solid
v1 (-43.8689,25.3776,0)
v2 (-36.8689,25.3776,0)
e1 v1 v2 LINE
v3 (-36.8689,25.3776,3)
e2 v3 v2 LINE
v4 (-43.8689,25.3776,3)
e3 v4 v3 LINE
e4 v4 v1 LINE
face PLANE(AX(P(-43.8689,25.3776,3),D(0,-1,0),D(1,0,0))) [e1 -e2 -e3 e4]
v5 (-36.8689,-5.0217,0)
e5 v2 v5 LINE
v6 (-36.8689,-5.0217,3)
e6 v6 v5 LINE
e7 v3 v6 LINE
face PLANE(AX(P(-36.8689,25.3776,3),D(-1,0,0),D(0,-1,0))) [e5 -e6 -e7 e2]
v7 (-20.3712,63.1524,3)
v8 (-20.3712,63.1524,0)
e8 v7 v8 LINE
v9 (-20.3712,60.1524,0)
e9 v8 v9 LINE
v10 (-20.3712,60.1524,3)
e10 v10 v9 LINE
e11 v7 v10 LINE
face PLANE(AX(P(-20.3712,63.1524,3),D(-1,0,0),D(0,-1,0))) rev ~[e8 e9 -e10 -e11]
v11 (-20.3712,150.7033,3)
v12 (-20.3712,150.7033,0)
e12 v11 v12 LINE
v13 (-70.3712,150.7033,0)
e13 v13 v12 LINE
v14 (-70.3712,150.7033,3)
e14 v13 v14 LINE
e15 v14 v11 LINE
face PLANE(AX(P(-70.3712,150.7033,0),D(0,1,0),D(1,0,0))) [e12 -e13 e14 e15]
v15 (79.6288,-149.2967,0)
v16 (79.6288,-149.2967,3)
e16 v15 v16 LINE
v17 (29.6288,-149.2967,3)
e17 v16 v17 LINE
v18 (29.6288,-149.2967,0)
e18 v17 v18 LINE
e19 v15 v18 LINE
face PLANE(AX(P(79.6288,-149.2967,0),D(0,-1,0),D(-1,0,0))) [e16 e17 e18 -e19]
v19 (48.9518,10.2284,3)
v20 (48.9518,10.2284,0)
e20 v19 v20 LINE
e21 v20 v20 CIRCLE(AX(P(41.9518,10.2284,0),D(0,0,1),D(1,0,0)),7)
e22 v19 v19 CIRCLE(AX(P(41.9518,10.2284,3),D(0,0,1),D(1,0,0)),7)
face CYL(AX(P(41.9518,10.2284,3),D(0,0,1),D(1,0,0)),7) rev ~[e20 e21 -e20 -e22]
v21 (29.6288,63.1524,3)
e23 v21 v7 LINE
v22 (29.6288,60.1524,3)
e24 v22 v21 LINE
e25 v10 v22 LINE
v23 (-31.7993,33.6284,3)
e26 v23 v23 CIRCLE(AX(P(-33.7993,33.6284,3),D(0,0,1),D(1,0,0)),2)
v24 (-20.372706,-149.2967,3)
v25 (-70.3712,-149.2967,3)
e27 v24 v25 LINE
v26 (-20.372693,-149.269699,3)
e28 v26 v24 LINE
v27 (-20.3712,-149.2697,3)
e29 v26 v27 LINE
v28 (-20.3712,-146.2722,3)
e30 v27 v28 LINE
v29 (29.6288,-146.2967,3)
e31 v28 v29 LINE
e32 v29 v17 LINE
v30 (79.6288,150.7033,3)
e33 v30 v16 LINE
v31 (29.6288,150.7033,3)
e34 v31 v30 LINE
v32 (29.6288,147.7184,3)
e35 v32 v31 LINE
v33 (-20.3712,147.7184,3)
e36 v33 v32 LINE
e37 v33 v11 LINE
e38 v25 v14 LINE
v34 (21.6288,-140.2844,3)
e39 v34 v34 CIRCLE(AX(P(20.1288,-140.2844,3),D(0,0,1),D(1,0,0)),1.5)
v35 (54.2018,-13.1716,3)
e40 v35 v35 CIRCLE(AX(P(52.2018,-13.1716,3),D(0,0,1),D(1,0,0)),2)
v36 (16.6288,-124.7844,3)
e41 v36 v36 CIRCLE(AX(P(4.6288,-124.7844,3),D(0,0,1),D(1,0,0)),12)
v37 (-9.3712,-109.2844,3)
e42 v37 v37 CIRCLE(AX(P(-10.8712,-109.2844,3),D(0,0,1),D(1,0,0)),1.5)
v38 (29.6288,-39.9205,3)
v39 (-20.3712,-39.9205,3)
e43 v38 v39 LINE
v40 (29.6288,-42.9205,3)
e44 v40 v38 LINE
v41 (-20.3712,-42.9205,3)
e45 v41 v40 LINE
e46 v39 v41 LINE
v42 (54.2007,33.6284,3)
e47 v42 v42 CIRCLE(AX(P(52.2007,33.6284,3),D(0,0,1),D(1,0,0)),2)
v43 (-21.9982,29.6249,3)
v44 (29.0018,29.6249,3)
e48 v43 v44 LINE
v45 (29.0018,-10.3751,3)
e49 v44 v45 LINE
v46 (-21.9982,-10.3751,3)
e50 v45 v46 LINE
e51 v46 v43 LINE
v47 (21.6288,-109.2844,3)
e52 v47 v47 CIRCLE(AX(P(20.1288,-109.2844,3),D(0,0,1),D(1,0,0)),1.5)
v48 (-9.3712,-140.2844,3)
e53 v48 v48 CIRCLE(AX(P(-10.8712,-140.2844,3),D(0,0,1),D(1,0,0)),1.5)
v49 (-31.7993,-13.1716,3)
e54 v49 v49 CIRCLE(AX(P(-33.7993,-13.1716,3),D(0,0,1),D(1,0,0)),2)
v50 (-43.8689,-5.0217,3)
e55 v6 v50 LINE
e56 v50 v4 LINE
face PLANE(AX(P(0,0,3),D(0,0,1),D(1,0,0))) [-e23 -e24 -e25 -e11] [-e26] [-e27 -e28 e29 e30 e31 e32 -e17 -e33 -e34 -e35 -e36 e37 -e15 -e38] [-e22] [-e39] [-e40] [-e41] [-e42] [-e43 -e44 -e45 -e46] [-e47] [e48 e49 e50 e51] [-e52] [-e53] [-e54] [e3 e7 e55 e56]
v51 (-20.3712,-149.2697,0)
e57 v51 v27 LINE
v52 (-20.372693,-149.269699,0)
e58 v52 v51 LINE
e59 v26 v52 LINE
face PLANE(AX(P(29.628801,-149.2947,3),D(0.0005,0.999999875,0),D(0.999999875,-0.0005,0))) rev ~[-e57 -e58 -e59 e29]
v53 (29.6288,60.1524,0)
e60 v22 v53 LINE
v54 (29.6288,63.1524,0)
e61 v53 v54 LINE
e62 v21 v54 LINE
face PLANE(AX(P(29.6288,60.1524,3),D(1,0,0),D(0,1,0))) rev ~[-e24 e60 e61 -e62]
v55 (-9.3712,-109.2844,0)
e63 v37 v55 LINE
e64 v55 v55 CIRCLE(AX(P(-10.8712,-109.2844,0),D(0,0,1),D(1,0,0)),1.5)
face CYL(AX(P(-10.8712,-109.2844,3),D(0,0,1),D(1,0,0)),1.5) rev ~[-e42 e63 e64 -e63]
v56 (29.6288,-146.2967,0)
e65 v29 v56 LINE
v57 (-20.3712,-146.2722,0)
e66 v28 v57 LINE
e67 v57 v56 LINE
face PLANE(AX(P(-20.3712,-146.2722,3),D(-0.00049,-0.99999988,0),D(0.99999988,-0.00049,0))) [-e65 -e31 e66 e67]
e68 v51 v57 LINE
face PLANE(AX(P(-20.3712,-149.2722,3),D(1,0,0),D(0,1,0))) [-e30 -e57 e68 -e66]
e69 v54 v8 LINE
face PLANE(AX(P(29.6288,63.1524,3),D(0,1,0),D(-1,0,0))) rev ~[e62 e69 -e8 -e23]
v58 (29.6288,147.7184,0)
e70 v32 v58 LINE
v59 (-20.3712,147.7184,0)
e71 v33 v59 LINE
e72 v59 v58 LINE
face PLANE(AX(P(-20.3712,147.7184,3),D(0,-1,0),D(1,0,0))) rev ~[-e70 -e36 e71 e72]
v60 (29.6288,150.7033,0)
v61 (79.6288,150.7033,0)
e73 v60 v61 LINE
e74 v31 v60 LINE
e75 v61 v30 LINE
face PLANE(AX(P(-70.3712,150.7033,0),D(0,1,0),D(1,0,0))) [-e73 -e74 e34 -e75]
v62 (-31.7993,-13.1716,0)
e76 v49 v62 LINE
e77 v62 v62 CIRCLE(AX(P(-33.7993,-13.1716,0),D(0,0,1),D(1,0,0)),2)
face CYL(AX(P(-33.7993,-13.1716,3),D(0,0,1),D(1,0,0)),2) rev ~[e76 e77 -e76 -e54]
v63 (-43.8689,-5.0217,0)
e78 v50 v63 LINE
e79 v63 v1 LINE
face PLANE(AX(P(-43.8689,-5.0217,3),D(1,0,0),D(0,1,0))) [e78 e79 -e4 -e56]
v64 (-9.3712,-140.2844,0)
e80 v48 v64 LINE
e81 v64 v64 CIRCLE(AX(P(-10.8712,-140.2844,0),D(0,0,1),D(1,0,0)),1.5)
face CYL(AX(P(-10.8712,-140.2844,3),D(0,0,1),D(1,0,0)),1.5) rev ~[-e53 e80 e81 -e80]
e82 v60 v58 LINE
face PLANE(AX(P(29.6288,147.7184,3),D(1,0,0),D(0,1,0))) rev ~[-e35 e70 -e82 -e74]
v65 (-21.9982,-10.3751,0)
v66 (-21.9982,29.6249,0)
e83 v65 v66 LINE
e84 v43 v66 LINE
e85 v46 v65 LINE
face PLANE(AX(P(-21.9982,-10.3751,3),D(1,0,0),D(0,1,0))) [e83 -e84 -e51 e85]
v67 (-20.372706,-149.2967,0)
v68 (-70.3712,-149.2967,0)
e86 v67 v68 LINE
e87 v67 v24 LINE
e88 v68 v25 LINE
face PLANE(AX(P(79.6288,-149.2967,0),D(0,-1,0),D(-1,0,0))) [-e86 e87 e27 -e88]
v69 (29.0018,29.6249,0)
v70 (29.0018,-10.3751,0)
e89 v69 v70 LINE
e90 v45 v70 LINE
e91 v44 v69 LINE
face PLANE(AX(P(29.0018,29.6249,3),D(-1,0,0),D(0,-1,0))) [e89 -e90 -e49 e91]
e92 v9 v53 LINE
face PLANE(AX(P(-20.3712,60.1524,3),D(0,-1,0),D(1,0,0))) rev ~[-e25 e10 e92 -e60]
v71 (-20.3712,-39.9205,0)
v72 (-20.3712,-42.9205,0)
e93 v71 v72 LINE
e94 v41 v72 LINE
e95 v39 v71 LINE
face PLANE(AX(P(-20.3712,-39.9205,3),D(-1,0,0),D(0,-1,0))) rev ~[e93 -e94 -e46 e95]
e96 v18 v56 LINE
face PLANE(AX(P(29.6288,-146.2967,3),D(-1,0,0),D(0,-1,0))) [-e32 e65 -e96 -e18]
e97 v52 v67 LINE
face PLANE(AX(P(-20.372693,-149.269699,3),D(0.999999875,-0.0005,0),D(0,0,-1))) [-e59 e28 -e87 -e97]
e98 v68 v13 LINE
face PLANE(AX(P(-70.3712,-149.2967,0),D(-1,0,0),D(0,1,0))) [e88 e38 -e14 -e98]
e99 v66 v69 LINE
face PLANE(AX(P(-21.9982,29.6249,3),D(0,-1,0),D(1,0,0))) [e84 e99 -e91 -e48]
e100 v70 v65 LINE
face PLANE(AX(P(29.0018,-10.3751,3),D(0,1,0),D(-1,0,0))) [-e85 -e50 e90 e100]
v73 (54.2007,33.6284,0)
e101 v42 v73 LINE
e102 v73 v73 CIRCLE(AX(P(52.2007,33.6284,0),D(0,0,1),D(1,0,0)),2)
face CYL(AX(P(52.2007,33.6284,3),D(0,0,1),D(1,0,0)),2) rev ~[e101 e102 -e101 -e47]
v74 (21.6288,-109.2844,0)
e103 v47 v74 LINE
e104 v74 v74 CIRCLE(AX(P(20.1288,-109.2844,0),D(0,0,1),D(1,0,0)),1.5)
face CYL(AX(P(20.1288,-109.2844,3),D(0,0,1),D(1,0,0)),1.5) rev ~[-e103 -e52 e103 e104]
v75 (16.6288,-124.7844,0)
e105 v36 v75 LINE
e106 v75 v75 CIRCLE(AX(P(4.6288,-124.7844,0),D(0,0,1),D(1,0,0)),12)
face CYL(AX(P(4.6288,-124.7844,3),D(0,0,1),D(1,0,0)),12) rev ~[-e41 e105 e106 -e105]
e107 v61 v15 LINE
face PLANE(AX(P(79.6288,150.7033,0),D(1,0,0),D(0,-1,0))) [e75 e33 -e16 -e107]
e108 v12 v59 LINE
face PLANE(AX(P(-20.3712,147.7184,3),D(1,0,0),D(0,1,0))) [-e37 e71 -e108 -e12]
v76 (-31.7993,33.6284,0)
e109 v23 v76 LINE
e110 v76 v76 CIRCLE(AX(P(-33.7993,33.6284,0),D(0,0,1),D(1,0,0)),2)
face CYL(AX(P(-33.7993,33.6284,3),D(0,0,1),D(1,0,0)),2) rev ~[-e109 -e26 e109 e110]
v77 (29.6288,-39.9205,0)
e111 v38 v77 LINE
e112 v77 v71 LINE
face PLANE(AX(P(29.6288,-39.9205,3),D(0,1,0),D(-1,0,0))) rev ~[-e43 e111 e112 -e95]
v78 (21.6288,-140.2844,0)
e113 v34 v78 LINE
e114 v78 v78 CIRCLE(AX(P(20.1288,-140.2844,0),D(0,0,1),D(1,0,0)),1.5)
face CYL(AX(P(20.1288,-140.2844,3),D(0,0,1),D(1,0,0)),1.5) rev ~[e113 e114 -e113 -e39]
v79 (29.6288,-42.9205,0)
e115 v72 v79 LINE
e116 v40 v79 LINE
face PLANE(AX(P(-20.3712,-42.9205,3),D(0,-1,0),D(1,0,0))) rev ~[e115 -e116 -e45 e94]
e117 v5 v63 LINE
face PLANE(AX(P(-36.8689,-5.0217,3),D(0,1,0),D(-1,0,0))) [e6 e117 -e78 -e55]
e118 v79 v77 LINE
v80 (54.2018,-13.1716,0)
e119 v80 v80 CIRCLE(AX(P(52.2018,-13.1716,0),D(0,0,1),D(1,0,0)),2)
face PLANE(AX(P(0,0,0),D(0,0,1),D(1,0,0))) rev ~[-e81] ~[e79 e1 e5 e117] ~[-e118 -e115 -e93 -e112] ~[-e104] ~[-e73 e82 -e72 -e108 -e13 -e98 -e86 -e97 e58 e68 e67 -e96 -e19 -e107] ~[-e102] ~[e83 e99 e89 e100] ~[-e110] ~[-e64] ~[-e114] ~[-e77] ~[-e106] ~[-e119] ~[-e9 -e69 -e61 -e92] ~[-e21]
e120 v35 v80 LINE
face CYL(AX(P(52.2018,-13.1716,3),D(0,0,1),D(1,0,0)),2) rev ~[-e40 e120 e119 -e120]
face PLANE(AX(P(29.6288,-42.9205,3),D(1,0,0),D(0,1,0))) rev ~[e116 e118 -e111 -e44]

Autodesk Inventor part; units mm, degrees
ref_plane "YZ Plane" through (0, 0, 0) normal (1, 0, 0) x (0, 1, 0)
ref_plane "XZ Plane" through (0, 0, 0) normal (0, 1, 0) x (-1, 0, 0)
ref_plane "XY Plane" through (0, 0, 0) normal (0, 0, 1) x (1, 0, 0)
sketch "Sketch1" plane through (0, 0, 0) normal (0, 0, 1) x (1, 0, 0)
  line L0 (-70.3712, 150.7033) -> (79.6288, 150.7033)
  line L1 (79.6288, 150.7033) -> (79.6288, -149.2967)
  line L2 (79.6288, -149.2967) -> (-70.3712, -149.2967)
  line L3 (-70.3712, -149.2967) -> (-70.3712, 150.7033)
  point P0 (0, 0)
extrude "Extrusion1" add sketch "Sketch1" along normal blind 3
sketch "Sketch2" plane through (0, 0, 3) normal (0, 0, 1) x (1, 0, 0)
  line L0 (-70.3712, 150.7033) -> (-70.3712, -149.2967) projected
  line L1 (-70.3712, 271.0495) -> (-120.3712, 271.0495)
  line L2 (-20.3712, 147.7184) -> (-20.3712, 150.7184)
  line L3 (-20.3712, 147.7184) -> (29.6288, 147.7184)
  line L4 (29.6288, 147.7184) -> (29.6288, 150.7184)
  line L5 (-20.3712, 150.7184) -> (29.6288, 150.7184)
  line L6 (79.6288, 150.7033) -> (-70.3712, 150.7033) projected
  point P0 (0, 0)
  dimension "d9" = 50
extrude "Extrusion2" cut sketch "Sketch2" against normal blind 3
sketch "Sketch3" plane through (0, 0, 3) normal (0, 0, 1) x (1, 0, 0)
  line L0 (-20.3712, 150.7033) -> (-20.3712, 147.7184) projected
  line L1 (-20.3712, -149.2722) -> (29.6288, -149.2967)
  line L2 (79.6288, -149.2967) -> (-70.3712, -149.2967) projected
  line L3 (-20.3712, -149.2722) -> (-20.3712, -146.2722)
  line L4 (-20.3712, -146.2722) -> (29.6288, -146.2967)
  line L5 (29.6288, -146.2967) -> (29.6288, -149.2967)
  point P0 (0, 0)
extrude "Extrusion3" cut sketch "Sketch3" against normal blind 3
sketch "Sketch4" plane through (0, 0, 3) normal (0, 0, 1) x (1, 0, 0)
  line L0 (29.6288, -46.2722) -> (-20.3712, -46.2722)
  line L1 (-20.3712, -46.2722) -> (29.6288, -46.2722)
  line L2 (29.6288, -46.2722) -> (29.6288, -43.6172)
  line L3 (29.6288, -43.6172) -> (-20.3712, -43.6172)
  line L4 (-20.3712, -43.6172) -> (-20.3712, -46.2722)
  point P0 (0, 0)
extrude "Extrusion4" add sketch "Sketch4" against normal blind 3
sketch "Sketch5" plane through (0, 0, 3) normal (0, 0, 1) x (1, 0, 0)
  line L0 (-20.3712, -42.9205) -> (29.6288, -42.9205)
  line L1 (29.6288, -42.9205) -> (29.6288, -39.9205)
  line L2 (29.6288, -39.9205) -> (-20.3712, -39.9205)
  line L3 (-20.3712, -39.9205) -> (-20.3712, -42.9205)
  point P0 (0, 0)
  point P1 (-20.3712, -146.2722)
  point P2 (29.6288, -146.2967)
extrude "Extrusion5" cut sketch "Sketch5" against normal blind 3
sketch "Sketch6" plane through (0, 0, 3) normal (0, 0, 1) x (1, 0, 0)
  line L0 (29.6288, -39.9205) -> (-20.3712, -39.9205) projected
  line L1 (-20.3712, 60.1524) -> (29.6288, 60.1524)
  line L2 (29.6288, 60.1524) -> (29.6288, 63.1524)
  line L3 (29.6288, 63.1524) -> (-20.3712, 63.1524)
  line L4 (-20.3712, 63.1524) -> (-20.3712, 60.1524)
  point P0 (0, 0)
extrude "Extrusion6" cut sketch "Sketch6" against normal blind 3
sketch "Sketch7" plane through (0, 0, 3) normal (0, 0, 1) x (1, 0, 0)
  line L0 (29.6288, -149.2967) -> (-70.3712, -149.2967) projected
  line L1 (-70.3712, -149.2967) -> (-70.3712, 150.7033) projected
  circle A0 centre (4.6288, -99.2967) radius 12
  point P0 (0, 0)
extrude "Extrusion7" cut sketch "Sketch7" against normal blind 3
sketch "Sketch8" plane through (0, 0, 3) normal (0, 0, 1) x (1, 0, 0)
  circle A0 centre (4.6288, -99.2967) radius 12 projected
  circle A1 centre (20.6853, -83.2968) radius 1.5
  circle A2 centre (-11.3147, -83.2968) radius 1.5
  circle A3 centre (-11.3712, -115.2967) radius 1.5
  circle A4 centre (20.6288, -115.2967) radius 1.5
  point P0 (0, 0)
extrude "Extrusion8" cut sketch "Sketch8" against normal blind 3 contours A1 | A2 | A3 | A4
sketch "Sketch9" plane through (0, 0, 3) normal (0, 0, 1) x (1, 0, 0)
  point P0 (0, 0)
sketch "Sketch11" plane through (0, 0, 3) normal (0, 0, 1) x (1, 0, 0)
  line L0 (-70.3712, 150.7033) -> (-70.3712, -149.2967) projected
  line L1 (79.6288, -149.2967) -> (79.6288, 150.7033) projected
  line L2 (29.6288, 60.1524) -> (-20.3712, 60.1524) projected
  line L3 (-20.3712, -39.9205) -> (29.6288, -39.9205) projected
  circle A0 centre (52.2007, 33.6284) radius 2
  circle A1 centre (52.2018, -13.1716) radius 2
  circle A2 centre (-33.7993, 33.6284) radius 2
  circle A3 centre (-33.7993, -13.1716) radius 2
  line L4 (-43.8689, 25.3776) -> (-36.8689, 25.3776)
  line L5 (-36.8689, 25.3776) -> (-36.8689, -5.0217)
  line L6 (-36.8689, -5.0217) -> (-43.8689, -5.0217)
  line L7 (-43.8689, -5.0217) -> (-43.8689, 25.3776)
  circle A4 centre (41.9518, 10.2284) radius 7
  line L8 (29.0018, -10.3751) -> (-21.9982, -10.3751)
  line L9 (-21.9982, -10.3751) -> (-21.9982, 29.6249)
  line L10 (-21.9982, 29.6249) -> (29.0018, 29.6249)
  line L11 (29.0018, 29.6249) -> (29.0018, -10.3751)
  point P0 (0, 0)
extrude "Extrusion9" cut sketch "Sketch11" against normal blind 30
sketch "Sketch12" plane through (29.6288, -149.2967, 3) normal (0.0005, 1, 0) x (1, -0.0005, 0)
  line L0 (-100, 0) -> (0, 0) projected
  line L1 (-50.0015, 3) -> (0, 3)
  line L2 (0, 3) -> (0, 0)
  line L3 (0, 0) -> (-50.0015, 0)
  line L4 (-50.0015, 0) -> (-50.0015, 3)
  point P0 (-29.7019, 3)
extrude "Extrusion10" cut sketch "Sketch12" against normal blind 10
sketch "Sketch13" plane through (0, 0, 3) normal (0, 0, 1) x (1, 0, 0)
  line L0 (29.6288, -146.2967) -> (-20.3712, -146.2722) projected
  circle A0 centre (-11.3147, -83.2968) radius 1.5 projected
  circle A1 centre (-11.3712, -115.2967) radius 1.5 projected
  line L1 (-11.3712, -115.2967) -> (-11.3147, -83.2968)
  circle A2 centre (20.6853, -83.2968) radius 1.5 projected
  line L2 (20.6853, -83.2968) -> (-11.3147, -83.2968)
  line L3 (20.6853, -115.2967) -> (20.6853, -83.2968)
  line L4 (20.6853, -115.2967) -> (-11.3712, -115.2967)
  circle A3 centre (4.6288, -99.2967) radius 12 projected
  line L5 (4.6288, -146.2844) -> (4.6288, -131.2844)
  circle A4 centre (-11.3147, -83.2968) radius 1.5
  circle A5 centre (20.6853, -83.2968) radius 1.5
  circle A6 centre (20.6853, -115.2967) radius 1.455
  circle A7 centre (-11.3712, -115.2967) radius 1.5
  point P0 (0, 0)
  dimension "d107" = 15
  dimension "d108" = 32.0565
  dimension "d109" = 31.9999
extrude "Extrusion11" add sketch "Sketch13" against normal blind 3 contours L2 L1 A0 | A0 L1 L2 | L2 L3 A2 | A2 L3 L2 | L1 L4 A1 | A1 L4 L1 | A6 L4 L3 | L3 L4 A6
sketch "Sketch14" plane through (0, 0, 3) normal (0, 0, 1) x (1, 0, 0)
  arc A0 (21.8331, -114.4024) -> (21.8331, -116.1909) centre (20.6288, -115.2967) ccw projected
  circle A1 centre (20.6288, -115.2967) radius 2.2964
  point P0 (0, 0)
extrude "Extrusion12" cut sketch "Sketch14" against normal blind 3
sketch "Sketch15" plane through (0, 0, 3) normal (0, 0, 1) x (1, 0, 0)
  line L0 (17.3499, -111.5348) -> (24.4453, -111.5348)
  line L1 (24.4453, -111.5348) -> (24.4453, -120.5742)
  line L2 (24.4453, -120.5742) -> (17.3499, -120.5742)
  line L3 (17.3499, -120.5742) -> (17.3499, -111.5348)
  point P0 (0, 0)
extrude "Extrusion13" cut sketch "Sketch15" against normal blind 3
sketch "Sketch16" plane through (0, 0, 3) normal (0, 0, 1) x (1, 0, 0)
  line L0 (17.3499, -111.5348) -> (24.4453, -111.5348) projected
  line L1 (24.4453, -120.5742) -> (17.3499, -120.5742) projected
  line L2 (17.3499, -111.5348) -> (24.4453, -111.5348)
  line L3 (24.4453, -111.5348) -> (24.4453, -120.5742)
  line L4 (24.4453, -120.5742) -> (17.3499, -120.5742)
  line L5 (17.3499, -120.5742) -> (17.3499, -111.5348)
  point P0 (0, 0)
extrude "Extrusion14" add sketch "Sketch16" against normal blind 3
sketch "Sketch17" plane through (0, 0, 3) normal (0, 0, 1) x (1, 0, 0)
  circle A0 centre (4.6288, -99.2967) radius 12 projected
  circle A1 centre (4.6288, -99.2967) radius 12
  point P0 (0, 0)
extrude "Extrusion15" add sketch "Sketch17" against normal blind 3
sketch "Sketch18" plane through (0, 0, 3) normal (0, 0, 1) x (1, 0, 0)
  line L0 (29.6288, -146.2967) -> (-20.3712, -146.2722) projected
  circle A0 centre (-10.8712, -109.2844) radius 1.5
  circle A1 centre (20.1288, -109.2844) radius 1.5
  circle A2 centre (20.1288, -140.2844) radius 1.5
  circle A3 centre (-10.8712, -140.2844) radius 1.5
  circle A4 centre (4.6288, -124.7844) radius 12
  point P0 (0, 0)
extrude "Extrusion16" cut sketch "Sketch18" against normal blind 35.75
sketch "Sketch19" plane through (0, 0, 3) normal (0, 0, 1) x (1, 0, 0)
  point P0 (0, 0)
properties part number "MuurL"
